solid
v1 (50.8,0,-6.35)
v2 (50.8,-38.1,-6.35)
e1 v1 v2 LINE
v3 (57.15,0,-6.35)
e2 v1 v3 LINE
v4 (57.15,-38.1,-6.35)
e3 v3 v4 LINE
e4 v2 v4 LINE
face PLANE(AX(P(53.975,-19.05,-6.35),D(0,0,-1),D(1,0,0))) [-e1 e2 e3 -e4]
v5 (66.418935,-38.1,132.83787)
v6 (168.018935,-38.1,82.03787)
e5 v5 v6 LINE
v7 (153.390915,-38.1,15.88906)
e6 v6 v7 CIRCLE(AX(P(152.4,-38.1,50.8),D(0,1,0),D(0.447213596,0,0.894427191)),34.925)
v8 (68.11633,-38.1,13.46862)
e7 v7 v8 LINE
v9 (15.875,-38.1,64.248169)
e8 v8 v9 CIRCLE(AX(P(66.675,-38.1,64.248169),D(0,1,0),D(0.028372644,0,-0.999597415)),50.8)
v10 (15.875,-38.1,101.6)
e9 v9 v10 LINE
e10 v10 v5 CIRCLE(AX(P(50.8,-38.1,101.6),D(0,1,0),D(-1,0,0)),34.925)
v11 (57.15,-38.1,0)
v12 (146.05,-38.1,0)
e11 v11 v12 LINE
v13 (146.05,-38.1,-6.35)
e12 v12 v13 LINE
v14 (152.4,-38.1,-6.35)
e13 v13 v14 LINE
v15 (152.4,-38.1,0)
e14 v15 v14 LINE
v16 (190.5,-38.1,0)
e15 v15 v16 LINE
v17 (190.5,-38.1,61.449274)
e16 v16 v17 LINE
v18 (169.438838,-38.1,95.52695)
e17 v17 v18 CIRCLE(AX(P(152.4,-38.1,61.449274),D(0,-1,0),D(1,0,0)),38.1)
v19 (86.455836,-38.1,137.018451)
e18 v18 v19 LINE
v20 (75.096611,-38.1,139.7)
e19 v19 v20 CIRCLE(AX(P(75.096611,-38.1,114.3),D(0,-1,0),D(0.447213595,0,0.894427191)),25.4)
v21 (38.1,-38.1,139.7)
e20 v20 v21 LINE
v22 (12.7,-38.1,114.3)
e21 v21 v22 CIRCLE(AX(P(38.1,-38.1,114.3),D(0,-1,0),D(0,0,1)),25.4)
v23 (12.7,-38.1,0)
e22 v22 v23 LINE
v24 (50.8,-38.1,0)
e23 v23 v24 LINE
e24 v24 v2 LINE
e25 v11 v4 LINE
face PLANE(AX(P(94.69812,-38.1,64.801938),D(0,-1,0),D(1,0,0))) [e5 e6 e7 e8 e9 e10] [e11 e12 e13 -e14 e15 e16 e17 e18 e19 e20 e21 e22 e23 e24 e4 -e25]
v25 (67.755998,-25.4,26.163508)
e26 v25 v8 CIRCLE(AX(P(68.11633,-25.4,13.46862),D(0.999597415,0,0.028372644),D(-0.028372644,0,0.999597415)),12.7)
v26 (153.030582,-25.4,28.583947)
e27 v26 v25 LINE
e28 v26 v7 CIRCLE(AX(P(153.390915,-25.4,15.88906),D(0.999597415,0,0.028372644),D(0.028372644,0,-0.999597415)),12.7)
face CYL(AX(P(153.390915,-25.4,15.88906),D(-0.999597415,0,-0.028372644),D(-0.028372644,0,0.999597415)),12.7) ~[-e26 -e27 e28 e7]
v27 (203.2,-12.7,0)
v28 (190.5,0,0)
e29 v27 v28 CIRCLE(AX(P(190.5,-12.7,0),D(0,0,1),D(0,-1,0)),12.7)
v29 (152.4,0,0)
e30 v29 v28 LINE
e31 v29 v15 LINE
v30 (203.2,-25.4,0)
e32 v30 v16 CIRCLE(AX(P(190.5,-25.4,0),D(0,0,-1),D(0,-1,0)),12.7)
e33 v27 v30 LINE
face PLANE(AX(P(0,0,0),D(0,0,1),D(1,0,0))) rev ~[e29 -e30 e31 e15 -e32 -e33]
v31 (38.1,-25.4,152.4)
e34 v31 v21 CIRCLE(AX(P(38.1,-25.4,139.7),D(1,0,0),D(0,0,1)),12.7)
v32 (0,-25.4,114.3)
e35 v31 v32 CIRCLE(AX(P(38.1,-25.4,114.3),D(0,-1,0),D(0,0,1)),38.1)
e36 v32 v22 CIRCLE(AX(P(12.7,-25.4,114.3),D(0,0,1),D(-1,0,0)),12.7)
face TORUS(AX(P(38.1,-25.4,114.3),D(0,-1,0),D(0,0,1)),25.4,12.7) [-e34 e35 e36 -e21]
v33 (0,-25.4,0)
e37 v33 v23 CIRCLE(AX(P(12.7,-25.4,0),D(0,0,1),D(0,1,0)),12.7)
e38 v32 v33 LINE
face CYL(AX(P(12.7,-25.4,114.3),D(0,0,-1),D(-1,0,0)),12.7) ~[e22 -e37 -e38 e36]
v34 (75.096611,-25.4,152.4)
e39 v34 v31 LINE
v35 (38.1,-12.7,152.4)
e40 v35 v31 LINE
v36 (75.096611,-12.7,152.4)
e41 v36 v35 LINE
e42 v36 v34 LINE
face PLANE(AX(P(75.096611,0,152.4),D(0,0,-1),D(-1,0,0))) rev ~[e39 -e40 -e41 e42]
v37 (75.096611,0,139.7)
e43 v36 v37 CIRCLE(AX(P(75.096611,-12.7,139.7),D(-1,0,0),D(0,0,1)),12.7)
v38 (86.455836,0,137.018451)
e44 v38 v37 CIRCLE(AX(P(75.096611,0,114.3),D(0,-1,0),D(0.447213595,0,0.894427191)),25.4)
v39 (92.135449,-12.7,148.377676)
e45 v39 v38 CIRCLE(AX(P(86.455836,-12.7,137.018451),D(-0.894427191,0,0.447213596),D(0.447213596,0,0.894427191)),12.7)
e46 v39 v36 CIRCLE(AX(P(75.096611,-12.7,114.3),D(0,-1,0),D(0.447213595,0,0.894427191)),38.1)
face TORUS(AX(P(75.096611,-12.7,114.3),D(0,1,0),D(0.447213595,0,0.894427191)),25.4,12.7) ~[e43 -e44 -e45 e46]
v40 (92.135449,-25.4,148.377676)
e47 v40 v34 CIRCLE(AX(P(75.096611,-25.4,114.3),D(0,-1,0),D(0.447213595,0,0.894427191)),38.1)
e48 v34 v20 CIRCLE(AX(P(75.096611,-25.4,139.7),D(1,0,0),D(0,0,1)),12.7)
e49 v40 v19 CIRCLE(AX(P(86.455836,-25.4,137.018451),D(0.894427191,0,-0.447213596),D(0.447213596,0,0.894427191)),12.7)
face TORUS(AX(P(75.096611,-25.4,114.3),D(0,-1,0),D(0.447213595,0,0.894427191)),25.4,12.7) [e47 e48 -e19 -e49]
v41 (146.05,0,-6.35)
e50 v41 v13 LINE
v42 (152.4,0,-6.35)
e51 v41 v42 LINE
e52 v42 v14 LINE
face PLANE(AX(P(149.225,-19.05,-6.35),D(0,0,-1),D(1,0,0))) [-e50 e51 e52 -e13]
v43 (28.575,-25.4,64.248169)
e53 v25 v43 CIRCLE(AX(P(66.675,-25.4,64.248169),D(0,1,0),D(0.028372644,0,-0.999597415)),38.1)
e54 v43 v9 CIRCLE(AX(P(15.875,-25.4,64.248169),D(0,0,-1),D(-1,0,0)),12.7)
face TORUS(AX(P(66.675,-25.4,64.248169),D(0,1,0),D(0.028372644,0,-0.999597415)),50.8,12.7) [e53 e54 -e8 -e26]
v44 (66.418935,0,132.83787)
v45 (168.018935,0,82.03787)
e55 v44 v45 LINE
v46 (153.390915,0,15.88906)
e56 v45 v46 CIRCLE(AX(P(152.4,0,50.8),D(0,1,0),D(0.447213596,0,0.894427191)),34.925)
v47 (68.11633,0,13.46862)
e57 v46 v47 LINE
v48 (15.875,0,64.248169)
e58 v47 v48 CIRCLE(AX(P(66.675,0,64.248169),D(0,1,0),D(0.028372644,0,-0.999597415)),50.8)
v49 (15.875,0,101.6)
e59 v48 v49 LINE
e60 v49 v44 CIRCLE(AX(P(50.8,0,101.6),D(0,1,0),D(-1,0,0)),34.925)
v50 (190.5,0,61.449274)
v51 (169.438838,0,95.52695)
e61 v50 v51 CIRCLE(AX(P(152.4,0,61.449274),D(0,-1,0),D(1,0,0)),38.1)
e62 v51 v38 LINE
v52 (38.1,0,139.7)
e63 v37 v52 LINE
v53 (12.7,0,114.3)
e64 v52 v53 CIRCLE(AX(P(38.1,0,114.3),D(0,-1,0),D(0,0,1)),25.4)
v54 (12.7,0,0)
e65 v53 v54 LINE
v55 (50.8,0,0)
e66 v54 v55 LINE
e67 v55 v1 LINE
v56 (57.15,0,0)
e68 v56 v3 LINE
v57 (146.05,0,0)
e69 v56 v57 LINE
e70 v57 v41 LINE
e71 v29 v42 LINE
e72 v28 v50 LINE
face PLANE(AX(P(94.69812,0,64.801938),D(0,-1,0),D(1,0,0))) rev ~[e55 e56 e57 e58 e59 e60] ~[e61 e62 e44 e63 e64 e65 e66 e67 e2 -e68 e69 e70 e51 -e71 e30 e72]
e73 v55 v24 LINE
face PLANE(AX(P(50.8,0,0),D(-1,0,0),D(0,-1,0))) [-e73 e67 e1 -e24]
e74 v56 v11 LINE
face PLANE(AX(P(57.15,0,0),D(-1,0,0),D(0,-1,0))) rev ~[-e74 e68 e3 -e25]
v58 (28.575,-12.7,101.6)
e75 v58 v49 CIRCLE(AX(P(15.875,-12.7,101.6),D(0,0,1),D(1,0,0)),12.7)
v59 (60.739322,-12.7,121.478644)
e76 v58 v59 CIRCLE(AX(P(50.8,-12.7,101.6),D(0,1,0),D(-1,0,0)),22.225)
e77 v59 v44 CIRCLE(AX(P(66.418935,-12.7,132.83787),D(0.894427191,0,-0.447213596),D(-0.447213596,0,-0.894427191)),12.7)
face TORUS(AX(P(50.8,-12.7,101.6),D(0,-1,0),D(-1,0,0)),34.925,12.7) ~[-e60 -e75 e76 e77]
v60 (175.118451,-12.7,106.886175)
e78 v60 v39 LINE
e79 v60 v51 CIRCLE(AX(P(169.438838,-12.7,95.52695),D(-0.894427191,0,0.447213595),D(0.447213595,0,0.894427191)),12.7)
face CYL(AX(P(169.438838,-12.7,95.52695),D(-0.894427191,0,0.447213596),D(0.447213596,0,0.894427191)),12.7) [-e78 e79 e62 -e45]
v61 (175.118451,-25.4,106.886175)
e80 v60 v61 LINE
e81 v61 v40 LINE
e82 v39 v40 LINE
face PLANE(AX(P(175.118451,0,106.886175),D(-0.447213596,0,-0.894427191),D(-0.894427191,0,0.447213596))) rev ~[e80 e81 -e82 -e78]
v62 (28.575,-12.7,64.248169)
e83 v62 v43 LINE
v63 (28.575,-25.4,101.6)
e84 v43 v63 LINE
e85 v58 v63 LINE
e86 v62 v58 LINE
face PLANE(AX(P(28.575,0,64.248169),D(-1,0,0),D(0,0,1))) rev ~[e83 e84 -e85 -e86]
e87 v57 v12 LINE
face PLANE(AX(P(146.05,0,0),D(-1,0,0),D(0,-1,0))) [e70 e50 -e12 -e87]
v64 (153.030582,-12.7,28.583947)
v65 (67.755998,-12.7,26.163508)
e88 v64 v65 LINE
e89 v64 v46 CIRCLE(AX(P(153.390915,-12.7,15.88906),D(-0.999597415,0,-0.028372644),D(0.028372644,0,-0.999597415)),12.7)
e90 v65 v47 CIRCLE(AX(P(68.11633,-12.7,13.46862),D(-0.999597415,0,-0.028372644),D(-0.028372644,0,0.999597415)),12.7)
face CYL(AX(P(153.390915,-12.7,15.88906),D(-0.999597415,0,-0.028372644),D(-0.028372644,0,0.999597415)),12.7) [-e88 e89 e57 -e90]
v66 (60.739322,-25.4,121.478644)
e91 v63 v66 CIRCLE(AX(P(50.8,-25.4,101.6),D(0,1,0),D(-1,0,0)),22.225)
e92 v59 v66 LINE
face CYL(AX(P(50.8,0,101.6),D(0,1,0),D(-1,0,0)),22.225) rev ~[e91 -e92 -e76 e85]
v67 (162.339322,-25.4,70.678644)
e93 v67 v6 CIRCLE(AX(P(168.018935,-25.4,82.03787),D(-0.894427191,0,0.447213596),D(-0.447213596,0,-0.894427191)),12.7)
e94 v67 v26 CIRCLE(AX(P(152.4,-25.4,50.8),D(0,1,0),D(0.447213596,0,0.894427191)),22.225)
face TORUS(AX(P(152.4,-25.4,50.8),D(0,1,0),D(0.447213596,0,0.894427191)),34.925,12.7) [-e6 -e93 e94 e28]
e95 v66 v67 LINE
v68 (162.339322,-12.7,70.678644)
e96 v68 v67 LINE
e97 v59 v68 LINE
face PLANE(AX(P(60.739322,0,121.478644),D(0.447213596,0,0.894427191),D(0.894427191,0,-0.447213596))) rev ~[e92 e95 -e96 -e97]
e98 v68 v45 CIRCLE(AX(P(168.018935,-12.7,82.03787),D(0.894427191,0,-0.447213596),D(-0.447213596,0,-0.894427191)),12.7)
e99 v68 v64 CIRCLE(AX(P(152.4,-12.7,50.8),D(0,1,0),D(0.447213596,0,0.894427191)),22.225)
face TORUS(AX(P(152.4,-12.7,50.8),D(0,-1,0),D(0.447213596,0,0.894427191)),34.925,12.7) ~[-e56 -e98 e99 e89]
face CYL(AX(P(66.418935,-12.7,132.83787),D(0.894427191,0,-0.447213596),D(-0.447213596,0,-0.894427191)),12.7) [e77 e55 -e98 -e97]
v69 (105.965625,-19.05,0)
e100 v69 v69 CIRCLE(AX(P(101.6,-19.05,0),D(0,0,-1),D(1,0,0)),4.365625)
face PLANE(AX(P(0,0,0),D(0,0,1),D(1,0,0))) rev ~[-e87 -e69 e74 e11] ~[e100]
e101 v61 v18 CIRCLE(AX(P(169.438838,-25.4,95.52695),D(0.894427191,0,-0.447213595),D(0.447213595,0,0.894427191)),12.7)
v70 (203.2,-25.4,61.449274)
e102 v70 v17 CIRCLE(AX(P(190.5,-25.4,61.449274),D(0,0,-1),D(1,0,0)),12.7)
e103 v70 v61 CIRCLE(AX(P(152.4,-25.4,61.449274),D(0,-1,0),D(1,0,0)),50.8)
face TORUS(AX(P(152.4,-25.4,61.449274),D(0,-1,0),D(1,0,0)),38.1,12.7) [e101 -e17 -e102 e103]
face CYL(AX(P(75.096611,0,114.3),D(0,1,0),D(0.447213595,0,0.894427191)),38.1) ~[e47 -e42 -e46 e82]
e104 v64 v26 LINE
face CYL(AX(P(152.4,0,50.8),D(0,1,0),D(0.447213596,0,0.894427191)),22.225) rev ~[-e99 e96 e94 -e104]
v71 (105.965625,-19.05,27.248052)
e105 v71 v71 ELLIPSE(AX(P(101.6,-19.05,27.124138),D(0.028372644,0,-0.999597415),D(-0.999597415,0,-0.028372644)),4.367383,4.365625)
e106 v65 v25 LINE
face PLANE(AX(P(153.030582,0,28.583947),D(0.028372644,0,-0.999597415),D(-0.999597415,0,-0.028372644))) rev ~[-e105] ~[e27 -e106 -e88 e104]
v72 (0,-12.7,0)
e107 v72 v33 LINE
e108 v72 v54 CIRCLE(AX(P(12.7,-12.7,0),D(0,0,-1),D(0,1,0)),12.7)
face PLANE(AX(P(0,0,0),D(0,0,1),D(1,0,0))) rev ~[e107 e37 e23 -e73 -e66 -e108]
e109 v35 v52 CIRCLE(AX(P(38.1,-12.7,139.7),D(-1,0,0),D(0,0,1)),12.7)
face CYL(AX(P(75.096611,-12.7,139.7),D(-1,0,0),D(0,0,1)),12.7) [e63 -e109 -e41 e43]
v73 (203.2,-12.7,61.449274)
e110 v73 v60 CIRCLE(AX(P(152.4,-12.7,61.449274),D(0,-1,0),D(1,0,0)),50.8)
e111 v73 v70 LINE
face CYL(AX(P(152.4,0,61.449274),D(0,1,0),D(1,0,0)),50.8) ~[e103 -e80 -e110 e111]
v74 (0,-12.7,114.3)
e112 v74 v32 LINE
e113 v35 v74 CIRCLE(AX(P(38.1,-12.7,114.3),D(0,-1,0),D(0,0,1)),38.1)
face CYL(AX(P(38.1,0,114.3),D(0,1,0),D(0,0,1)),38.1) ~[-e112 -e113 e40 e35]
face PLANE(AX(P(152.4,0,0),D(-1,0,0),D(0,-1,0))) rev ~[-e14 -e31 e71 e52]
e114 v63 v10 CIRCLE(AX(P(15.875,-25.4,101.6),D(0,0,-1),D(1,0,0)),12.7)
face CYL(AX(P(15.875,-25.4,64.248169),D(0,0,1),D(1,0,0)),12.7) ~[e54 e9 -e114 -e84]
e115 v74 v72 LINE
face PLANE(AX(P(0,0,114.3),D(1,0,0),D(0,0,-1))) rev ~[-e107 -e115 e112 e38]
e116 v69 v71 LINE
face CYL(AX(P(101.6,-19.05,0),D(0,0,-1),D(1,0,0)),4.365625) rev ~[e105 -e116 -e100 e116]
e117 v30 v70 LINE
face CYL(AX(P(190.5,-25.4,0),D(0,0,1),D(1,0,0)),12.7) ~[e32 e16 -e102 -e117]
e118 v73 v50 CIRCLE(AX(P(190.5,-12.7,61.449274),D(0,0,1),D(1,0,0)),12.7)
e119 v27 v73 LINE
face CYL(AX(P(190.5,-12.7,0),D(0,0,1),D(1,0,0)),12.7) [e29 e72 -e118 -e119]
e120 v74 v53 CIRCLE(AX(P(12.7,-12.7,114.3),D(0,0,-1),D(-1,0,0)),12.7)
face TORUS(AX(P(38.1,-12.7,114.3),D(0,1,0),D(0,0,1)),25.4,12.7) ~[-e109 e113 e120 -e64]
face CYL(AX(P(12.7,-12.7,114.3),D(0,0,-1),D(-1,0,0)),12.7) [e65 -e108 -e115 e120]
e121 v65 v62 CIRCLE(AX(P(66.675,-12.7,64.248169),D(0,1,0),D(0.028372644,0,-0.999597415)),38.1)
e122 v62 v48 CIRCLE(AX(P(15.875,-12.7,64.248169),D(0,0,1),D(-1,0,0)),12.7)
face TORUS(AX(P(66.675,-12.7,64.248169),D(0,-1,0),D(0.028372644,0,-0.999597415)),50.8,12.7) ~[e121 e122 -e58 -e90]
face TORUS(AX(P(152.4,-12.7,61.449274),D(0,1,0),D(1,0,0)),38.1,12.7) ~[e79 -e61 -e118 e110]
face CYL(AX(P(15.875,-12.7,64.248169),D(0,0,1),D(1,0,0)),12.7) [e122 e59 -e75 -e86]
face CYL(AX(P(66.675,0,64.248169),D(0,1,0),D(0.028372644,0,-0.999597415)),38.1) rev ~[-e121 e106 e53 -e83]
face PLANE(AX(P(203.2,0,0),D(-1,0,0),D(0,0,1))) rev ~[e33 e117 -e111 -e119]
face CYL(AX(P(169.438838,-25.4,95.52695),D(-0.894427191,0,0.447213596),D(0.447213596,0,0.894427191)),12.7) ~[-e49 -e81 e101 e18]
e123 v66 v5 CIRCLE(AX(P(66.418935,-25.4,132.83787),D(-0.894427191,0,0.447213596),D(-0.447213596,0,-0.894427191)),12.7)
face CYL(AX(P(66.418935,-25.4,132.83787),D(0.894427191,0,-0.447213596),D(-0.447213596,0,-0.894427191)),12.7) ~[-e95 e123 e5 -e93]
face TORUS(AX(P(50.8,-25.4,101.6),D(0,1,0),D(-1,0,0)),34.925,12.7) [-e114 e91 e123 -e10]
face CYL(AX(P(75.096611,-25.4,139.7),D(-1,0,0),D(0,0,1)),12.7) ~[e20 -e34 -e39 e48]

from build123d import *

# Parameters (mm, degrees)
F1_DEPTH = 38.1
F2_R     = 12.7
F3_R     = 4.365625
F4_DEPTH = 27.2490523559
F5_W     = 6.35
F5_H     = 38.1
F6_DEPTH = 6.35


with BuildPart() as f1:
    # F0 (on Front) → F1 (new body)
    with BuildSketch(Plane.XZ):
        with BuildLine():
            Line((0, 114.3), (0, 0))
            Line((0, 0), (203.2, 0))
            Line((203.2, 0), (203.2, 61.4492737428))
            ThreePointArc((203.2, 61.4492737428), (195.6130610643, 88.1564142385), (175.1184506514, 106.8861750456))
            Line((175.1184506514, 106.8861750456), (92.1354487885, 148.3776759771))
            ThreePointArc((92.1354487885, 148.3776759771), (83.8501970728, 151.3807864987), (75.0966107999, 152.4))
            Line((75.0966107999, 152.4), (38.1, 152.4))
            ThreePointArc((38.1, 152.4), (11.1592316368, 141.2407683632), (0, 114.3))
        make_face()
        with BuildLine():
            ThreePointArc((28.575, 101.6), (39.1156260332, 120.5057142156), (60.73932216, 121.47864432))
            Line((60.73932216, 121.47864432), (162.33932216, 70.67864432))
            ThreePointArc((162.33932216, 70.67864432), (174.100727981, 46.0011428347), (153.0305820147, 28.5839474406))
            Line((153.0305820147, 28.5839474406), (67.7559977395, 26.1635075802))
            ThreePointArc((67.7559977395, 26.1635075802), (40.119172145, 36.9278834801), (28.575, 64.2481691106))
            Line((28.575, 64.2481691106), (28.575, 101.6))
        make_face(mode=Mode.SUBTRACT)
    extrude(amount=F1_DEPTH)

    # F2
    f2_edges = [f1.edges().sort_by_distance(p)[0] for p in [
        (56.598305, -38.1, 152.4),
        (111.539322, -38.1, 96.078644),
        (111.539322, 0, 96.078644),
        (133.62695, 0, 127.631926),
    ]]
    fillet(f2_edges, radius=F2_R)

    # F3 (on face) → F4 (cut, through all)
    with BuildSketch(Plane(origin=(0, 0, 0), x_dir=(1, 0, 0), z_dir=(0, 0, -1))):
        with Locations((101.6, 19.05)):
            Circle(F3_R)
    extrude(amount=-F4_DEPTH, mode=Mode.SUBTRACT)

    # F5 (on face) → F6 (join)
    with BuildSketch(Plane(origin=(0, 0, 0), x_dir=(1, 0, 0), z_dir=(0, 0, -1))):
        with Locations((53.975, 19.05)):
            Rectangle(F5_W, F5_H)
        with Locations((149.225, 19.05)):
            Rectangle(F5_W, F5_H)
    extrude(amount=F6_DEPTH)


solid = f1.part
